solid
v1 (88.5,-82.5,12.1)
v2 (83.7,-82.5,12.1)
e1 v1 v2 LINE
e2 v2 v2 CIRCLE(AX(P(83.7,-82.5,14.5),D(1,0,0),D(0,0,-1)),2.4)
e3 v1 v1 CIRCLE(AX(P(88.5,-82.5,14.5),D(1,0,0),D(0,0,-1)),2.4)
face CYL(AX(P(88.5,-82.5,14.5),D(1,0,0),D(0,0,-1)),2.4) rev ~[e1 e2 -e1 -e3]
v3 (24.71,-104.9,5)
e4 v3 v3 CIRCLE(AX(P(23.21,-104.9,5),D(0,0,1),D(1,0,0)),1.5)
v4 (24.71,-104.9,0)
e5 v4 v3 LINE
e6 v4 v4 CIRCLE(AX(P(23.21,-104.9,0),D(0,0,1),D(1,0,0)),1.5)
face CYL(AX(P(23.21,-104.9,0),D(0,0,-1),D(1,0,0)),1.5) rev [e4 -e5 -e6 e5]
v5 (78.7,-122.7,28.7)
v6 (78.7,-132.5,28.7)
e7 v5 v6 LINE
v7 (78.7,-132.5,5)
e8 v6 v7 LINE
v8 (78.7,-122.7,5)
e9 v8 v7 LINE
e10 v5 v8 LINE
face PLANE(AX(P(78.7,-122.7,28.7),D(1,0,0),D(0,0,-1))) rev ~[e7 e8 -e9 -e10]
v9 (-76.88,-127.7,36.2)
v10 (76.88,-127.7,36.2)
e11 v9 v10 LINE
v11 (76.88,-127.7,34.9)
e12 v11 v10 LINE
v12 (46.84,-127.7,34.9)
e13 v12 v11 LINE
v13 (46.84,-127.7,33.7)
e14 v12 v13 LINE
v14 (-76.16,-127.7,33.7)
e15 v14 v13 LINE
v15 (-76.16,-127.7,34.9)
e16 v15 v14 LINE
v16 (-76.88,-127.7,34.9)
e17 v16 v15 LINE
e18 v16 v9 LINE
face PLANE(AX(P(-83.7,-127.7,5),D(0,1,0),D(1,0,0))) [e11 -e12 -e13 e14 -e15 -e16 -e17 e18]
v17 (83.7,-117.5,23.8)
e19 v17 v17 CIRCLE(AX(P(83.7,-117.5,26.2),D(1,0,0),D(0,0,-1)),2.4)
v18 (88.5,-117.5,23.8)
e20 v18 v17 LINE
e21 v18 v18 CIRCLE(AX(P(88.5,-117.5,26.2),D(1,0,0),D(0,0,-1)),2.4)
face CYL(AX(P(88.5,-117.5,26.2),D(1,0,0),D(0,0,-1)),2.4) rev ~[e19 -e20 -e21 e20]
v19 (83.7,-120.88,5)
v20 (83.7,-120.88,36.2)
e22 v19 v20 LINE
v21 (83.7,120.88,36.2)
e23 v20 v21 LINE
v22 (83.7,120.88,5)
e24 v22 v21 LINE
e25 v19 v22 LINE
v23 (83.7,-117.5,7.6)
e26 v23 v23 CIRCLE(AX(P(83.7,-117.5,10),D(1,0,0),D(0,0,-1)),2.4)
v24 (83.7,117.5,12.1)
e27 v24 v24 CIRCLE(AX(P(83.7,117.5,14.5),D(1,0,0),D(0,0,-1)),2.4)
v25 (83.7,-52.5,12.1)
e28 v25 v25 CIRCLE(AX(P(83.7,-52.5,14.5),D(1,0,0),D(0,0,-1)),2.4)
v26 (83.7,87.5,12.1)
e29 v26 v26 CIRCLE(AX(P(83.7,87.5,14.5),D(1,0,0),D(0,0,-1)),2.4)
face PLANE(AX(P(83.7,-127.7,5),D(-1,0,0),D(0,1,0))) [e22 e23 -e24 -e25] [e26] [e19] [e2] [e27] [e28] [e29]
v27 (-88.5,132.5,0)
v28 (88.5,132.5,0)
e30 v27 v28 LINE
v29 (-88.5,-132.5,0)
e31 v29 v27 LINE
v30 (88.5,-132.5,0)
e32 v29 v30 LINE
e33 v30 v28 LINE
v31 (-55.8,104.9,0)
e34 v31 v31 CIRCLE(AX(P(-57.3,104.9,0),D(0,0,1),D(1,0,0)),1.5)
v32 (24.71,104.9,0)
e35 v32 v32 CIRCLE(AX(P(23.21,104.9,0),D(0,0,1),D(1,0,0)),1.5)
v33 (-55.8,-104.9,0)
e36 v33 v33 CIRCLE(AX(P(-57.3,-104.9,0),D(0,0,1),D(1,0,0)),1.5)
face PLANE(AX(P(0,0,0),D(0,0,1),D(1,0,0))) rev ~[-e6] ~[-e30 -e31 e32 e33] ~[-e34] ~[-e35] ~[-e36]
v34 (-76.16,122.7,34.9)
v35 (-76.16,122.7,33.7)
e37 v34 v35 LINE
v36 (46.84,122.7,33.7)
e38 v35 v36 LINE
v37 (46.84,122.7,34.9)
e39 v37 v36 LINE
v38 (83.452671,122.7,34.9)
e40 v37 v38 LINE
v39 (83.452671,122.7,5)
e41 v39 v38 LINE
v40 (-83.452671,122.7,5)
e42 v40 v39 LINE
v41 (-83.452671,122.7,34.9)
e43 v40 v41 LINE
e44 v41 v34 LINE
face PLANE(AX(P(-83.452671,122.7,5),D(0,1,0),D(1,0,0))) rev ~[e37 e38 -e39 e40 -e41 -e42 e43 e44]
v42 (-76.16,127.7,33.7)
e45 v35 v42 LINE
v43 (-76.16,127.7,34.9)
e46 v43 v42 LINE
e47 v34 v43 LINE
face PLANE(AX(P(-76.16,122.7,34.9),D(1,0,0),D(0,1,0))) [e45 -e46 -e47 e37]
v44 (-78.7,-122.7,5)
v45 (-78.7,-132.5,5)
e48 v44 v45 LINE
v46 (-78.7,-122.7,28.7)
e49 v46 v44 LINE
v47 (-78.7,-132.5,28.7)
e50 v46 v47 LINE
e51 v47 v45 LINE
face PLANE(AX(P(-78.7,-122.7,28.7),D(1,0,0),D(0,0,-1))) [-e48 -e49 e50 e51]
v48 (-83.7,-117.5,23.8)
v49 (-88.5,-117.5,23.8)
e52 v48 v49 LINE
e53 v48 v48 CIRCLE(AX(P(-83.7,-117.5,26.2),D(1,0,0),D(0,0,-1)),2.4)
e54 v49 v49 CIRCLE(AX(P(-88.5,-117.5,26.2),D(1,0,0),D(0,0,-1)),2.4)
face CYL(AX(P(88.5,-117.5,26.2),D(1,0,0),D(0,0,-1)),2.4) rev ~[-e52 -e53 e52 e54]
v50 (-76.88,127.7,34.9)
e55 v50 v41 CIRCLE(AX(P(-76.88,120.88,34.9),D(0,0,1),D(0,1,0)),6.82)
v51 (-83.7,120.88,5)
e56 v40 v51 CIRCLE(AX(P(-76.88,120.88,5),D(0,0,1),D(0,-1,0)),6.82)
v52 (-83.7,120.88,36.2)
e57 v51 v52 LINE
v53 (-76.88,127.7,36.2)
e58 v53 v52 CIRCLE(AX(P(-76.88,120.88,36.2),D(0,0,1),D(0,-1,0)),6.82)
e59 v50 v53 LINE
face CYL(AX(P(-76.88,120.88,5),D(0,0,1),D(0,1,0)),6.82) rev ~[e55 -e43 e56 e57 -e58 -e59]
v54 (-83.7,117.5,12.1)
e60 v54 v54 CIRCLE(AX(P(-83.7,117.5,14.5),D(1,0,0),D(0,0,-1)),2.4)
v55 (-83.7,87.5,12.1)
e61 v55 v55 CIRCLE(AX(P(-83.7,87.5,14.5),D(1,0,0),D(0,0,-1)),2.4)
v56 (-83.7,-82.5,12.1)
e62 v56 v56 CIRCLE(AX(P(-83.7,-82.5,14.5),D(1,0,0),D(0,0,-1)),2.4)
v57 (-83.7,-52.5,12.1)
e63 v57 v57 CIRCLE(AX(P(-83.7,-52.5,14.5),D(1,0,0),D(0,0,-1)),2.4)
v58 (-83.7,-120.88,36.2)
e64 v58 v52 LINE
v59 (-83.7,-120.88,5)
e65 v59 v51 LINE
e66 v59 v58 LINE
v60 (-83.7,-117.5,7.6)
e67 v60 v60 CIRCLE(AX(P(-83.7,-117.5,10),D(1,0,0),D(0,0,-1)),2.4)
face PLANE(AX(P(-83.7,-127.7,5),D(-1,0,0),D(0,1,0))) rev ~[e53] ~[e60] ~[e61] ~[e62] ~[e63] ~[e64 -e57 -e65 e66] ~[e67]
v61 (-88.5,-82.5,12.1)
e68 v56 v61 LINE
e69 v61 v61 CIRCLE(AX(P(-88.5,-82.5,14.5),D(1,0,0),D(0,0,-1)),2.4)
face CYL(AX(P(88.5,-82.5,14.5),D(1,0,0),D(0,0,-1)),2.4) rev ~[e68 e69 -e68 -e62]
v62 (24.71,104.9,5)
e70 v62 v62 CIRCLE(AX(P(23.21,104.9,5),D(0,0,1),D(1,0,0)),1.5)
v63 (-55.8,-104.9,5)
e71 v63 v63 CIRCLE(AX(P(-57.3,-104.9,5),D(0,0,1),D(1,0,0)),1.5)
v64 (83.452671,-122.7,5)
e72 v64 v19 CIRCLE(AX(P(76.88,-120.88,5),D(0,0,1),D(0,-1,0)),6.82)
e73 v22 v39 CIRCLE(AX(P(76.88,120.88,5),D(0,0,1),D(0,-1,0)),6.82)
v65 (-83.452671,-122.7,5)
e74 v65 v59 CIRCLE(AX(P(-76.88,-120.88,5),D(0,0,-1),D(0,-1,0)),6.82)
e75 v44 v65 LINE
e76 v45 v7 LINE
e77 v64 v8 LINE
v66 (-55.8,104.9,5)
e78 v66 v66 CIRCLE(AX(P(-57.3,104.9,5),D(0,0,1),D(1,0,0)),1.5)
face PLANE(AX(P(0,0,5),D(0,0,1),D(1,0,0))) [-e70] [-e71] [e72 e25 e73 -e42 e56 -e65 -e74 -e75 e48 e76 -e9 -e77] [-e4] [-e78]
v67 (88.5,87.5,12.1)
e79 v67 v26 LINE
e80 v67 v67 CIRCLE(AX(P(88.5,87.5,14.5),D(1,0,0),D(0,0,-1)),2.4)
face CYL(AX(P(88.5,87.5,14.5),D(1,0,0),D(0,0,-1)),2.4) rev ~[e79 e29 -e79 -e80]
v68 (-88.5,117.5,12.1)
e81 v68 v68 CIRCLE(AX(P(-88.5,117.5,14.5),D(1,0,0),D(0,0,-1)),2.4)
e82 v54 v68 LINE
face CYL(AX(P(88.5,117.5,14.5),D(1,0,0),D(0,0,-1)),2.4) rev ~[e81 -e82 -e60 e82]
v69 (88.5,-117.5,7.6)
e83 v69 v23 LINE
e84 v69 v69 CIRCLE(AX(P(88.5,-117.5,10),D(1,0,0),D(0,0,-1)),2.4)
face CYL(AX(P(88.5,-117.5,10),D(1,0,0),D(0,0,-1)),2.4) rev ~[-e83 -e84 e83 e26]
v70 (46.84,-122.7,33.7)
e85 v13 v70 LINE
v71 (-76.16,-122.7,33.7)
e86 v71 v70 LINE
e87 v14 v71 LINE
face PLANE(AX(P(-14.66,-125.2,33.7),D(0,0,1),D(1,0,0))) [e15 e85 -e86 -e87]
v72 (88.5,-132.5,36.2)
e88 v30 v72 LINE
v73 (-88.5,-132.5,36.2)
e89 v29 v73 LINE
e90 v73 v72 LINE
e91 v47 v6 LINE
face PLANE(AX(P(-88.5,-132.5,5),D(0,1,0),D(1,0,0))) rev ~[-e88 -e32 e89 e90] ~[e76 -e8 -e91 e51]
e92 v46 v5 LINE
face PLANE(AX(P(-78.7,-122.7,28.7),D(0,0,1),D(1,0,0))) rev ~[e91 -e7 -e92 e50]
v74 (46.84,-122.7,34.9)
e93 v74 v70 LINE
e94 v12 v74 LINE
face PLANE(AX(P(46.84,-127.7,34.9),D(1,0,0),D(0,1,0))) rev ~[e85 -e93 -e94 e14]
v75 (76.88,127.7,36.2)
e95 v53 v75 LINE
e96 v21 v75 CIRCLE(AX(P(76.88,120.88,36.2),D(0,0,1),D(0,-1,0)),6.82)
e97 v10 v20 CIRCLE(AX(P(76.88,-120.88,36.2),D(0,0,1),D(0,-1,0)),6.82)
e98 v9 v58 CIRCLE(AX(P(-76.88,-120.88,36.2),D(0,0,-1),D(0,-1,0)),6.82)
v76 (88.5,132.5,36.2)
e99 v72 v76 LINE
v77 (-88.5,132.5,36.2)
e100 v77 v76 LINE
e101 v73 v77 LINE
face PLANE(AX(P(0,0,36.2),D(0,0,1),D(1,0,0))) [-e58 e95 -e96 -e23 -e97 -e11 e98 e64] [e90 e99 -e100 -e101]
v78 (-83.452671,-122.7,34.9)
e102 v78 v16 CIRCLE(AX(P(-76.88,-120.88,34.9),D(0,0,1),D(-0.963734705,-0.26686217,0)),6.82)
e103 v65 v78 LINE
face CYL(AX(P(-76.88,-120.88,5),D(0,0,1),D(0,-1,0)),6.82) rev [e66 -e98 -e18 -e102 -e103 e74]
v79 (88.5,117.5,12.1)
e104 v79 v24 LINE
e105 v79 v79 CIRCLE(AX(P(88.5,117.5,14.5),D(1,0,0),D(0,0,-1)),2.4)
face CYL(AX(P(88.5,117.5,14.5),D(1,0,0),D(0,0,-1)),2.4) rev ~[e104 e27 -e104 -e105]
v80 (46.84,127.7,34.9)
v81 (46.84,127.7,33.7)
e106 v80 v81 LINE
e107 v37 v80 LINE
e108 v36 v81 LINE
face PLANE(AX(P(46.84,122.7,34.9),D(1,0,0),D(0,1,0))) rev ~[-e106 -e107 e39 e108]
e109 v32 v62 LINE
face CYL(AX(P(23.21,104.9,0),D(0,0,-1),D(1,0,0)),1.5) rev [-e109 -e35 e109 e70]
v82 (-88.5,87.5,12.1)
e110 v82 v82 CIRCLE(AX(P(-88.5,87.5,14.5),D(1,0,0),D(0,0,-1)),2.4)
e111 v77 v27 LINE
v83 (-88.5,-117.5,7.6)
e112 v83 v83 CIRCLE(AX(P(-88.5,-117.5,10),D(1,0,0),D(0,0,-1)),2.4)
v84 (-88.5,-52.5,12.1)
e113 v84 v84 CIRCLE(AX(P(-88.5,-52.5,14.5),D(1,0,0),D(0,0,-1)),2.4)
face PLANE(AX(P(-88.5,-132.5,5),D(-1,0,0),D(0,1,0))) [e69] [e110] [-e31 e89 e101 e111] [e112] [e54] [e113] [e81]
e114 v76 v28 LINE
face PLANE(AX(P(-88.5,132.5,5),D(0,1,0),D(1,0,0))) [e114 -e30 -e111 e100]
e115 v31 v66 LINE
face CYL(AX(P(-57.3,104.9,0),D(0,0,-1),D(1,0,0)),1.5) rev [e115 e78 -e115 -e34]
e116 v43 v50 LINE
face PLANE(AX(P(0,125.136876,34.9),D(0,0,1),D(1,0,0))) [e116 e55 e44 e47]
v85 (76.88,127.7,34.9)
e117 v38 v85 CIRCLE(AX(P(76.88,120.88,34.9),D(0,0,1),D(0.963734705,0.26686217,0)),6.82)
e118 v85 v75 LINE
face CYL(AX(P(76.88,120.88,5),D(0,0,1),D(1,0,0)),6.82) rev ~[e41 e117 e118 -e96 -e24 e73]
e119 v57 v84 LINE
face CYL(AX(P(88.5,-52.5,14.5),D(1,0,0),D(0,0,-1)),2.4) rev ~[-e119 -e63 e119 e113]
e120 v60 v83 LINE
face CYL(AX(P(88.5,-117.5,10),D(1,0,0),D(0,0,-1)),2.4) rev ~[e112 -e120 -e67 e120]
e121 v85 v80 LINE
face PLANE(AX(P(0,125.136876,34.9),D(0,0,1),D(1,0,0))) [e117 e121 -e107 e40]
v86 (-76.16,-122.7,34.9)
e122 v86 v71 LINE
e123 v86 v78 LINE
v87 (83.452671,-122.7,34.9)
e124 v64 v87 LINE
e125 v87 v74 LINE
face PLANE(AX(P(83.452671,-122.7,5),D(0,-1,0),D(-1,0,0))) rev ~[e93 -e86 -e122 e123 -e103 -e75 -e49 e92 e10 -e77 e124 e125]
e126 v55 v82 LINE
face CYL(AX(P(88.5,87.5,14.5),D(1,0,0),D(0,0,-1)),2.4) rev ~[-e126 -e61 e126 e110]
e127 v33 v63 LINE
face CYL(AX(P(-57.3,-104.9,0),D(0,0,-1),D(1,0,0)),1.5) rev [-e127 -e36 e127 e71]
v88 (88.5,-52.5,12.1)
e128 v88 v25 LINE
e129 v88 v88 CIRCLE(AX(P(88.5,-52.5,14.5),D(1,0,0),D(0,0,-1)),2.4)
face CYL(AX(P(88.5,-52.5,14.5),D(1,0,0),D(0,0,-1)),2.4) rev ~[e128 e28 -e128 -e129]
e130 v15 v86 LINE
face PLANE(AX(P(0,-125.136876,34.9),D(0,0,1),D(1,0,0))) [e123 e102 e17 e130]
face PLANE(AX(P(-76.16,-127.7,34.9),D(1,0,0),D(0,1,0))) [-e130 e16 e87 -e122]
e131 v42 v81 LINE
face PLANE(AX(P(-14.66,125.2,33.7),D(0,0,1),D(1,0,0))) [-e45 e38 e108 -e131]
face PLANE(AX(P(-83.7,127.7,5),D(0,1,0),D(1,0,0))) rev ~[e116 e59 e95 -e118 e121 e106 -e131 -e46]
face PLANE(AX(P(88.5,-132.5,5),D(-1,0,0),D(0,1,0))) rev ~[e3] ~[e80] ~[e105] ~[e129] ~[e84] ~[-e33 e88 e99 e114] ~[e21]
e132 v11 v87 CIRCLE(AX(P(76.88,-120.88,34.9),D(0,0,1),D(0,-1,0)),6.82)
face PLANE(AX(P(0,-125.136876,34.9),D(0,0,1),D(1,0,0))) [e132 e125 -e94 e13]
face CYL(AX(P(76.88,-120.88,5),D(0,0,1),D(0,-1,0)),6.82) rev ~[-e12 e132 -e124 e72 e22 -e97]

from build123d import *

# Parameters (mm, degrees)
SKETCH1_W           = 177
SKETCH1_H           = 265
SKETCH1_R           = 1.5
BOSS_EXTRUDE1_DEPTH = 5
SKETCH2_W           = 177
SKETCH2_H           = 265
SKETCH2_W_2         = 167.4
SKETCH2_H_2         = 255.4
BOSS_EXTRUDE2_DEPTH = 31.2
FILLET1_R           = 6.82
BOSS_EXTRUDE3_DEPTH = 29.9
SKETCH5_W           = 123
SKETCH5_H           = 5
CUT_EXTRUDE1_DEPTH  = 1.2
SKETCH9_W           = 157.4
SKETCH9_H           = 23.7
CUT_EXTRUDE3_DEPTH  = 10.8
SKETCH10_R          = 2.4
CUT_EXTRUDE4_DEPTH  = 178
SKETCH16_R          = 2.4
CUT_EXTRUDE7_DEPTH  = 177


with BuildPart() as part:
    # Sketch1 → Boss-Extrude1 (new body)
    with BuildSketch(Plane.XY):
        Rectangle(SKETCH1_W, SKETCH1_H)
        with Locations((-57.3, -104.9)):
            Circle(SKETCH1_R, mode=Mode.SUBTRACT)
        with Locations((23.21, -104.9)):
            Circle(SKETCH1_R, mode=Mode.SUBTRACT)
        with Locations((23.21, 104.9)):
            Circle(SKETCH1_R, mode=Mode.SUBTRACT)
        with Locations((-57.3, 104.9)):
            Circle(SKETCH1_R, mode=Mode.SUBTRACT)
    extrude(amount=BOSS_EXTRUDE1_DEPTH)

    # Sketch2 → Boss-Extrude2 (add)
    with BuildSketch(Plane.XY.offset(5)):
        Rectangle(SKETCH2_W, SKETCH2_H)
        Rectangle(SKETCH2_W_2, SKETCH2_H_2, mode=Mode.SUBTRACT)
    extrude(amount=BOSS_EXTRUDE2_DEPTH)

    # Fillet1
    fillet1_edges = [part.edges().sort_by_distance(p)[0] for p in [
        (83.7, -127.7, 20.6),
        (83.7, 127.7, 20.6),
        (-83.7, 127.7, 20.6),
        (-83.7, -127.7, 20.6),
    ]]
    fillet(fillet1_edges, radius=FILLET1_R)

    # Sketch4 → Boss-Extrude3 (add)
    with BuildSketch(Plane.XY.offset(5)):
        with BuildLine():
            Line((83.45267069, -122.7), (-83.45267069, -122.7))
            ThreePointArc((-83.45267069, -122.7), (-81.009164564, -126.307927781), (-76.88, -127.7))
            Line((-76.88, -127.7), (76.88, -127.7))
            ThreePointArc((76.88, -127.7), (81.009164564, -126.307927781), (83.45267069, -122.7))
        make_face()
        with BuildLine():
            ThreePointArc((-76.88, 127.7), (-81.009164564, 126.307927781), (-83.45267069, 122.7))
            Line((-83.45267069, 122.7), (83.45267069, 122.7))
            ThreePointArc((83.45267069, 122.7), (81.009164564, 126.307927781), (76.88, 127.7))
            Line((76.88, 127.7), (-76.88, 127.7))
        make_face()
    extrude(amount=BOSS_EXTRUDE3_DEPTH)

    # Sketch5 → Cut-Extrude1 (cut)
    with BuildSketch(Plane.XY.offset(34.9)):
        with Locations((-14.66, -125.2)):
            Rectangle(SKETCH5_W, SKETCH5_H)
        with Locations((-14.66, 125.2)):
            Rectangle(SKETCH5_W, SKETCH5_H)
    extrude(amount=-CUT_EXTRUDE1_DEPTH, mode=Mode.SUBTRACT)

    # Sketch9 → Cut-Extrude3 (cut, through all)
    with BuildSketch(Plane(origin=(0, -122.7, 0), x_dir=(1, 0, 0), z_dir=(0, 1, 0))):
        with Locations((0, -16.85)):
            Rectangle(SKETCH9_W, SKETCH9_H)
    extrude(amount=-CUT_EXTRUDE3_DEPTH, mode=Mode.SUBTRACT)

    # Sketch10 → Cut-Extrude4 (cut, through all)
    with BuildSketch(Plane(origin=(88.5, 0, 0), x_dir=(0, 0, -1), z_dir=(1, 0, 0))):
        with Locations((-10, -117.5)):
            Circle(SKETCH10_R)
        with Locations((-26.2, -117.5)):
            Circle(SKETCH10_R)
    extrude(amount=-CUT_EXTRUDE4_DEPTH, mode=Mode.SUBTRACT)

    # Sketch16 → Cut-Extrude7 (cut)
    with BuildSketch(Plane(origin=(88.5, 0, 0), x_dir=(0, 0, -1), z_dir=(1, 0, 0))):
        with Locations((-14.5, 117.5)):
            Circle(SKETCH16_R)
        with Locations((-14.5, 87.5)):
            Circle(SKETCH16_R)
        with Locations((-14.5, -52.5)):
            Circle(SKETCH16_R)
        with Locations((-14.5, -82.5)):
            Circle(SKETCH16_R)
    extrude(amount=-CUT_EXTRUDE7_DEPTH, mode=Mode.SUBTRACT)


solid = part.part
